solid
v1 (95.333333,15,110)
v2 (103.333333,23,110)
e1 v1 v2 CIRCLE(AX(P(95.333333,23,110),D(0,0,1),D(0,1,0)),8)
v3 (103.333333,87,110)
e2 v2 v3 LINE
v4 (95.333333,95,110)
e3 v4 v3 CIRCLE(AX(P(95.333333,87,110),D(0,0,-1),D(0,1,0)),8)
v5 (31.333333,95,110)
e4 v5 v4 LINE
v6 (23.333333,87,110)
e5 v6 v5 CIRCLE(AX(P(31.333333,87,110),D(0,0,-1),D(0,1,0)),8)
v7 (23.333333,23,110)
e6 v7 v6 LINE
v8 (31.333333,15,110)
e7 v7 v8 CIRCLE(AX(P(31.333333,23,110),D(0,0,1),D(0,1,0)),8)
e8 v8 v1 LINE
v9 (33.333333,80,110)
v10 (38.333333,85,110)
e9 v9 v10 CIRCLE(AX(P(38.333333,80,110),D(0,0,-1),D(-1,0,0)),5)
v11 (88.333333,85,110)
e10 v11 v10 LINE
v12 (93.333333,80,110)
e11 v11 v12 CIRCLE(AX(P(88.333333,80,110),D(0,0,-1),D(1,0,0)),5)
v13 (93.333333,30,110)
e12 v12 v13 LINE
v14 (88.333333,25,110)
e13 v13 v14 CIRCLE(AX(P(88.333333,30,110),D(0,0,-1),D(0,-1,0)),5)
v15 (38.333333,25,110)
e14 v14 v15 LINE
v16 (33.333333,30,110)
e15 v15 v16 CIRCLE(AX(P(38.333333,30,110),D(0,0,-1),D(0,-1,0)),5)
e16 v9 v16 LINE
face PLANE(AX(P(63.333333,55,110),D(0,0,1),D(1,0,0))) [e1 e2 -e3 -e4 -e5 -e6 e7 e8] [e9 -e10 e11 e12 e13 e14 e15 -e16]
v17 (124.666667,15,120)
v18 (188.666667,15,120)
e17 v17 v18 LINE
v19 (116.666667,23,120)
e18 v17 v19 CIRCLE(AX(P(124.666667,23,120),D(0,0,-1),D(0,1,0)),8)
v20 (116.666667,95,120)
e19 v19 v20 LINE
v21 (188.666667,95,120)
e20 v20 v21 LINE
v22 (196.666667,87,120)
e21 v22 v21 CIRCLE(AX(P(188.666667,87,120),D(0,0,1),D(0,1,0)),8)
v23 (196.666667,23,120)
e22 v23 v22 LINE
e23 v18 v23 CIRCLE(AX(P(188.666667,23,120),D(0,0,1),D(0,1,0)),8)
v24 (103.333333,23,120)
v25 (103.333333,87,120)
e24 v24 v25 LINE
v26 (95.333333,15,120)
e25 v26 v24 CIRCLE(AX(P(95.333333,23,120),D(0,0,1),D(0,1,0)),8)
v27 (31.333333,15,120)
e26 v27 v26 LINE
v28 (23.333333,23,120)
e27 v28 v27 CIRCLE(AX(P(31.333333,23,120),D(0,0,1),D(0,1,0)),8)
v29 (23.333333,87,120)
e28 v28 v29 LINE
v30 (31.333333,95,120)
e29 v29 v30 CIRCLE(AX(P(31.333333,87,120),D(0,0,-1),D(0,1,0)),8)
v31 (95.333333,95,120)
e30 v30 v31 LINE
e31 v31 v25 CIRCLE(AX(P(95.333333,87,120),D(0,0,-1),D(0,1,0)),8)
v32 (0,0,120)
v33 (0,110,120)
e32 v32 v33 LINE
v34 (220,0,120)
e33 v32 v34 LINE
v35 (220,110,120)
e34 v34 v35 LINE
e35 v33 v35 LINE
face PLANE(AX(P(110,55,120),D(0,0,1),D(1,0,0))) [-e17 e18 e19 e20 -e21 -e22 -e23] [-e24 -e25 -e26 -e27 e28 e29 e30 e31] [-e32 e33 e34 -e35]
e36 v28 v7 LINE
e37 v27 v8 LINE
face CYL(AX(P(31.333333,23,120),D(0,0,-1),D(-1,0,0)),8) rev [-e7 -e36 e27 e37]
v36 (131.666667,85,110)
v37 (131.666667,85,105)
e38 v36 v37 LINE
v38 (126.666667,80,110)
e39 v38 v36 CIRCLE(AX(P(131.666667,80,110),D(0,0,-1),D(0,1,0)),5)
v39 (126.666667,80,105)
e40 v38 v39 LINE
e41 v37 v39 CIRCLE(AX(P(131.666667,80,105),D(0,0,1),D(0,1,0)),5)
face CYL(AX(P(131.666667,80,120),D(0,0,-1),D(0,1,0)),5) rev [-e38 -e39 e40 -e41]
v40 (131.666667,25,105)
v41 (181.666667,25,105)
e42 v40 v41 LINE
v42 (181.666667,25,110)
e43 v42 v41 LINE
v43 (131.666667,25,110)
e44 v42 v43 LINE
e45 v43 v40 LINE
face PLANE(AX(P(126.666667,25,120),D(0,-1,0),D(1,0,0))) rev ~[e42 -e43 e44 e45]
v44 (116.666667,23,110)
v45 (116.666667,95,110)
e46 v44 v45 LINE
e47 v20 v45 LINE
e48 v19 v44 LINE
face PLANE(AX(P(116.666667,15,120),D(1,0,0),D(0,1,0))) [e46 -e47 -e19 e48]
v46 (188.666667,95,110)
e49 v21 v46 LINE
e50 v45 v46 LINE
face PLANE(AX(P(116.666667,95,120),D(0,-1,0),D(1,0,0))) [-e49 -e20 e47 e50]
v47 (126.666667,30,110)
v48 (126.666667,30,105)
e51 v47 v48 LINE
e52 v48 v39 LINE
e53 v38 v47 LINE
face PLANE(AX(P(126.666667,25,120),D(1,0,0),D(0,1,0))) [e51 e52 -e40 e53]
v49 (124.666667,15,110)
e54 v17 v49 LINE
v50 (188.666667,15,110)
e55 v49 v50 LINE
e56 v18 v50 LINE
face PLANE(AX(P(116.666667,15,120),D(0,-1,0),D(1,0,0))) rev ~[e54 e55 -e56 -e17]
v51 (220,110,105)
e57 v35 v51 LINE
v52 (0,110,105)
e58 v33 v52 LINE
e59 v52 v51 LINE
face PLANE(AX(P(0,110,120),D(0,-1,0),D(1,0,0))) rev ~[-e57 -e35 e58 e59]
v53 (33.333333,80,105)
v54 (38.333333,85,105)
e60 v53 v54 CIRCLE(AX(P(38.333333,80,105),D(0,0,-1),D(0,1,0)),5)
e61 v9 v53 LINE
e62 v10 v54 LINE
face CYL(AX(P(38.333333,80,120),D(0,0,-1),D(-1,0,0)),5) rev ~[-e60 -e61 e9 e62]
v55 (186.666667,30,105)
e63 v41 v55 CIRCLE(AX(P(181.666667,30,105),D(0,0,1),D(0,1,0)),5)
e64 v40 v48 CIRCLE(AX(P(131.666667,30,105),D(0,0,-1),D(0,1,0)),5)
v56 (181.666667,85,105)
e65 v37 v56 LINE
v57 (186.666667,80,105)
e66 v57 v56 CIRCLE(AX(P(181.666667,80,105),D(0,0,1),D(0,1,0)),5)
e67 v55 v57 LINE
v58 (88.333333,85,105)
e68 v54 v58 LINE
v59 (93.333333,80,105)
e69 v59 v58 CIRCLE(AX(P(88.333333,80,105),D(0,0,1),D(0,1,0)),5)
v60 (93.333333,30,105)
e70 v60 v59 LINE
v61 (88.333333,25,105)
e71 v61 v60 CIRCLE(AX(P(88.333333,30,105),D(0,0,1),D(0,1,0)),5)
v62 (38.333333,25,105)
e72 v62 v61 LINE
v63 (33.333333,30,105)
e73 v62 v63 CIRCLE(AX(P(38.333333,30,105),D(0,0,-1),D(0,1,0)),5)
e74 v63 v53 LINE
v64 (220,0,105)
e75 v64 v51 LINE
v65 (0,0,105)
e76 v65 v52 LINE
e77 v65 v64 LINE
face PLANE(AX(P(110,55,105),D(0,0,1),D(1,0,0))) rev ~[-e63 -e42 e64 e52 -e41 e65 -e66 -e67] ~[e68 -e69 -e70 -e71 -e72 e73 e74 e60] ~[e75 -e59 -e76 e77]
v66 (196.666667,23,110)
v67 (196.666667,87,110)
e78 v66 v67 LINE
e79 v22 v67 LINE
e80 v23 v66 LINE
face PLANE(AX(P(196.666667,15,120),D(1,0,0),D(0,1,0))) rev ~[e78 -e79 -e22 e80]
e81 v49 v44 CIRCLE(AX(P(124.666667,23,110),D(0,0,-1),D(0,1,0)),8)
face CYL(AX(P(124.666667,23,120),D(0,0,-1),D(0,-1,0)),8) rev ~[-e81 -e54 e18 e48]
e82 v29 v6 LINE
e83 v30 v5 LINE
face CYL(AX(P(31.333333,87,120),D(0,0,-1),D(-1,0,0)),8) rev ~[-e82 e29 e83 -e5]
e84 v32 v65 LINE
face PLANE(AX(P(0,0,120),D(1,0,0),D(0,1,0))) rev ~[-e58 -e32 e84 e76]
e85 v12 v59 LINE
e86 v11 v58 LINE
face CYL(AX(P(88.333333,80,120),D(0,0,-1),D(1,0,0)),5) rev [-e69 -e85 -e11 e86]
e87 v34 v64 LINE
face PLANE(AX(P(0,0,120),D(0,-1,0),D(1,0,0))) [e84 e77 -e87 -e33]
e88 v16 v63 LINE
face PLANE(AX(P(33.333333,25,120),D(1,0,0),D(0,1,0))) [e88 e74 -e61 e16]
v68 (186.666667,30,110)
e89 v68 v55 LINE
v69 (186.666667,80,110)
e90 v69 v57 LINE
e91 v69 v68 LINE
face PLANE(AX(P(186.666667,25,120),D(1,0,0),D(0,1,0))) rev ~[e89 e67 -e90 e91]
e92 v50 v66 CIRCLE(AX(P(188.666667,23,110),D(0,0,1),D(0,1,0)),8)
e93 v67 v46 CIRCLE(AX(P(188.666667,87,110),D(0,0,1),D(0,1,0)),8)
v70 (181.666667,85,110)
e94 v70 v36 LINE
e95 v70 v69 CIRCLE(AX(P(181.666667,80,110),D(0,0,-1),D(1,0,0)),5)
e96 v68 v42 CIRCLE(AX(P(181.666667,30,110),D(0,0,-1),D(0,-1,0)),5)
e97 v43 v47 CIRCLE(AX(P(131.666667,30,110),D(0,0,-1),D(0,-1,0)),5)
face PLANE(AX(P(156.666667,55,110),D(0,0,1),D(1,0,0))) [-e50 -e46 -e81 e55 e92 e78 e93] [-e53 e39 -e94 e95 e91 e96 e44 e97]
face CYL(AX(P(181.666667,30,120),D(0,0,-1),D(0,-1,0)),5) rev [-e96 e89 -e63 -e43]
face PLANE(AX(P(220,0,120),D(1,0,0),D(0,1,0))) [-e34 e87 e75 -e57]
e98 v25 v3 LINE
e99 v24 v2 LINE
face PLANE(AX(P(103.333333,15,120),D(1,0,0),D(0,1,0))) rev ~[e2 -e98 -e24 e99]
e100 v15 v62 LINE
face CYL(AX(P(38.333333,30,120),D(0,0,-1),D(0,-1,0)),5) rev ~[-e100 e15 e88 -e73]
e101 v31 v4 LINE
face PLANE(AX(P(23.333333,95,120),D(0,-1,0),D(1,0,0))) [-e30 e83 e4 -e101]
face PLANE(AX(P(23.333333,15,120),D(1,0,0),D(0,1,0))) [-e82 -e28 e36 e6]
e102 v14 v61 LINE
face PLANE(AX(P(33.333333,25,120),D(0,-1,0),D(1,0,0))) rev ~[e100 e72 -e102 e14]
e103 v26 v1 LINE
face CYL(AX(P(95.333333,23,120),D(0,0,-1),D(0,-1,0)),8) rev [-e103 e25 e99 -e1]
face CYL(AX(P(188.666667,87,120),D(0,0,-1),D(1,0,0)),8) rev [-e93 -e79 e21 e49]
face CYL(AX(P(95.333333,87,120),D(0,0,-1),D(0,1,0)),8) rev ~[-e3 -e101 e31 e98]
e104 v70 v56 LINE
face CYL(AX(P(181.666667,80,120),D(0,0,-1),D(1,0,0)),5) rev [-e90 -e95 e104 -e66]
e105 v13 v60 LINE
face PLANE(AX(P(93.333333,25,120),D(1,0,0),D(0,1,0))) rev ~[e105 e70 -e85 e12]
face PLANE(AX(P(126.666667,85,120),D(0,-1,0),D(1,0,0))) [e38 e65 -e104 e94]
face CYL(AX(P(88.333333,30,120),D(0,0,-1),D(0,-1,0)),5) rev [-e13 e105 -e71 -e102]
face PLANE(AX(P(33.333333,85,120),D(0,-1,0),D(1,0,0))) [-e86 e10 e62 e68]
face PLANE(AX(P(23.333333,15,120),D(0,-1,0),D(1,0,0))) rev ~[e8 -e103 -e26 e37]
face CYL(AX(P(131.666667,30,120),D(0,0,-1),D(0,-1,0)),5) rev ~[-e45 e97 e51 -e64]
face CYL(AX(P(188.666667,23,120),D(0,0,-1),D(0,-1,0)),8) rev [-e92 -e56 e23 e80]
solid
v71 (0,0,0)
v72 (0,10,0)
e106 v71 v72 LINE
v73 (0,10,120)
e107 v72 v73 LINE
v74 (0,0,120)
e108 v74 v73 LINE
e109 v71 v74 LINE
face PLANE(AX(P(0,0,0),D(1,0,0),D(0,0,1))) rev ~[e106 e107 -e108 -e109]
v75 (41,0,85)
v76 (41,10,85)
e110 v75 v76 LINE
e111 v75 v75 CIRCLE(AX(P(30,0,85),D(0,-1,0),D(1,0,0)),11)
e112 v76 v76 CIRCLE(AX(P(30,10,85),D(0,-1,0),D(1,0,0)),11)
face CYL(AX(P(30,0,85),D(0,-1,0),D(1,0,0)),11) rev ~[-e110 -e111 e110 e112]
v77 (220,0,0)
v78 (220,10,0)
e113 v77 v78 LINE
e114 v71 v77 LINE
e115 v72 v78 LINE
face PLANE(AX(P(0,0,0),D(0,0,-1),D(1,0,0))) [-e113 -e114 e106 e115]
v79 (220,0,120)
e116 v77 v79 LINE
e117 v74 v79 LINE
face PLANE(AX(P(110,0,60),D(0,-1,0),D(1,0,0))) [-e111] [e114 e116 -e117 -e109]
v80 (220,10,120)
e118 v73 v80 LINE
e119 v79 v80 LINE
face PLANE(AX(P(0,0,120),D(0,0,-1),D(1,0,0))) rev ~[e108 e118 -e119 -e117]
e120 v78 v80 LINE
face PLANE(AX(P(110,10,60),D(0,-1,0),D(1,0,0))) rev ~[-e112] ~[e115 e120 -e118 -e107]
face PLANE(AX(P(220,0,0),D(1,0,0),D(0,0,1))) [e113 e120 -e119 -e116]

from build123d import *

# Parameters (mm, degrees)
F5_W      = 220
F5_H      = 110
F5_W_2    = 60
F5_H_2    = 60
F6_DEPTH  = 15
F7_R      = 5
F8_W      = 80
F8_H      = 80
F9_DEPTH  = 10
F10_R     = 8
F3_W      = 220
F3_H      = 120
F11_DEPTH = 10
F4_R      = 11
F12_DEPTH = 25


with BuildPart() as f6:
    # F5 (on offset) → F6 (new body)
    with BuildSketch(Plane.XY.offset(120)):
        with Locations((110, 55)):
            Rectangle(F5_W, F5_H)
        with Locations((63.333333, 55)):
            Rectangle(F5_W_2, F5_H_2, mode=Mode.SUBTRACT)
        with Locations((156.666667, 55)):
            Rectangle(F5_W_2, F5_H_2, mode=Mode.SUBTRACT)
    extrude(amount=-F6_DEPTH)

    # F7
    f7_edges = [f6.edges().sort_by_distance(p)[0] for p in [
        (93.333333, 85, 112.5),
        (186.666667, 85, 112.5),
        (33.333333, 85, 112.5),
        (33.333333, 25, 112.5),
        (93.333333, 25, 112.5),
        (186.666667, 25, 112.5),
        (126.666667, 25, 112.5),
        (126.666667, 85, 112.5),
    ]]
    fillet(f7_edges, radius=F7_R)

    # F8 (on offset) → F9 (cut)
    with BuildSketch(Plane.XY.offset(120)):
        with Locations((63.333333, 55)):
            Rectangle(F8_W, F8_H)
        with Locations((156.666667, 55)):
            Rectangle(F8_W, F8_H)
    extrude(amount=-F9_DEPTH, mode=Mode.SUBTRACT)

    # F10
    f10_edges = [f6.edges().sort_by_distance(p)[0] for p in [
        (103.333333, 95, 115),
        (196.666667, 95, 115),
        (23.333333, 95, 115),
        (23.333333, 15, 115),
        (103.333333, 15, 115),
        (196.666667, 15, 115),
        (116.666667, 15, 115),
    ]]
    fillet(f10_edges, radius=F10_R)


with BuildPart() as f11:
    # F3 (on Front) → F11 (new body)
    with BuildSketch(Plane.XZ):
        with Locations((110, 60)):
            Rectangle(F3_W, F3_H)
    extrude(amount=-F11_DEPTH)

    # F4 (on Front) → F12 (cut)
    with BuildSketch(Plane.XZ):
        with Locations((30, 85)):
            Circle(F4_R)
    extrude(amount=-F12_DEPTH, mode=Mode.SUBTRACT)


solid = Compound([f6.part, f11.part])
